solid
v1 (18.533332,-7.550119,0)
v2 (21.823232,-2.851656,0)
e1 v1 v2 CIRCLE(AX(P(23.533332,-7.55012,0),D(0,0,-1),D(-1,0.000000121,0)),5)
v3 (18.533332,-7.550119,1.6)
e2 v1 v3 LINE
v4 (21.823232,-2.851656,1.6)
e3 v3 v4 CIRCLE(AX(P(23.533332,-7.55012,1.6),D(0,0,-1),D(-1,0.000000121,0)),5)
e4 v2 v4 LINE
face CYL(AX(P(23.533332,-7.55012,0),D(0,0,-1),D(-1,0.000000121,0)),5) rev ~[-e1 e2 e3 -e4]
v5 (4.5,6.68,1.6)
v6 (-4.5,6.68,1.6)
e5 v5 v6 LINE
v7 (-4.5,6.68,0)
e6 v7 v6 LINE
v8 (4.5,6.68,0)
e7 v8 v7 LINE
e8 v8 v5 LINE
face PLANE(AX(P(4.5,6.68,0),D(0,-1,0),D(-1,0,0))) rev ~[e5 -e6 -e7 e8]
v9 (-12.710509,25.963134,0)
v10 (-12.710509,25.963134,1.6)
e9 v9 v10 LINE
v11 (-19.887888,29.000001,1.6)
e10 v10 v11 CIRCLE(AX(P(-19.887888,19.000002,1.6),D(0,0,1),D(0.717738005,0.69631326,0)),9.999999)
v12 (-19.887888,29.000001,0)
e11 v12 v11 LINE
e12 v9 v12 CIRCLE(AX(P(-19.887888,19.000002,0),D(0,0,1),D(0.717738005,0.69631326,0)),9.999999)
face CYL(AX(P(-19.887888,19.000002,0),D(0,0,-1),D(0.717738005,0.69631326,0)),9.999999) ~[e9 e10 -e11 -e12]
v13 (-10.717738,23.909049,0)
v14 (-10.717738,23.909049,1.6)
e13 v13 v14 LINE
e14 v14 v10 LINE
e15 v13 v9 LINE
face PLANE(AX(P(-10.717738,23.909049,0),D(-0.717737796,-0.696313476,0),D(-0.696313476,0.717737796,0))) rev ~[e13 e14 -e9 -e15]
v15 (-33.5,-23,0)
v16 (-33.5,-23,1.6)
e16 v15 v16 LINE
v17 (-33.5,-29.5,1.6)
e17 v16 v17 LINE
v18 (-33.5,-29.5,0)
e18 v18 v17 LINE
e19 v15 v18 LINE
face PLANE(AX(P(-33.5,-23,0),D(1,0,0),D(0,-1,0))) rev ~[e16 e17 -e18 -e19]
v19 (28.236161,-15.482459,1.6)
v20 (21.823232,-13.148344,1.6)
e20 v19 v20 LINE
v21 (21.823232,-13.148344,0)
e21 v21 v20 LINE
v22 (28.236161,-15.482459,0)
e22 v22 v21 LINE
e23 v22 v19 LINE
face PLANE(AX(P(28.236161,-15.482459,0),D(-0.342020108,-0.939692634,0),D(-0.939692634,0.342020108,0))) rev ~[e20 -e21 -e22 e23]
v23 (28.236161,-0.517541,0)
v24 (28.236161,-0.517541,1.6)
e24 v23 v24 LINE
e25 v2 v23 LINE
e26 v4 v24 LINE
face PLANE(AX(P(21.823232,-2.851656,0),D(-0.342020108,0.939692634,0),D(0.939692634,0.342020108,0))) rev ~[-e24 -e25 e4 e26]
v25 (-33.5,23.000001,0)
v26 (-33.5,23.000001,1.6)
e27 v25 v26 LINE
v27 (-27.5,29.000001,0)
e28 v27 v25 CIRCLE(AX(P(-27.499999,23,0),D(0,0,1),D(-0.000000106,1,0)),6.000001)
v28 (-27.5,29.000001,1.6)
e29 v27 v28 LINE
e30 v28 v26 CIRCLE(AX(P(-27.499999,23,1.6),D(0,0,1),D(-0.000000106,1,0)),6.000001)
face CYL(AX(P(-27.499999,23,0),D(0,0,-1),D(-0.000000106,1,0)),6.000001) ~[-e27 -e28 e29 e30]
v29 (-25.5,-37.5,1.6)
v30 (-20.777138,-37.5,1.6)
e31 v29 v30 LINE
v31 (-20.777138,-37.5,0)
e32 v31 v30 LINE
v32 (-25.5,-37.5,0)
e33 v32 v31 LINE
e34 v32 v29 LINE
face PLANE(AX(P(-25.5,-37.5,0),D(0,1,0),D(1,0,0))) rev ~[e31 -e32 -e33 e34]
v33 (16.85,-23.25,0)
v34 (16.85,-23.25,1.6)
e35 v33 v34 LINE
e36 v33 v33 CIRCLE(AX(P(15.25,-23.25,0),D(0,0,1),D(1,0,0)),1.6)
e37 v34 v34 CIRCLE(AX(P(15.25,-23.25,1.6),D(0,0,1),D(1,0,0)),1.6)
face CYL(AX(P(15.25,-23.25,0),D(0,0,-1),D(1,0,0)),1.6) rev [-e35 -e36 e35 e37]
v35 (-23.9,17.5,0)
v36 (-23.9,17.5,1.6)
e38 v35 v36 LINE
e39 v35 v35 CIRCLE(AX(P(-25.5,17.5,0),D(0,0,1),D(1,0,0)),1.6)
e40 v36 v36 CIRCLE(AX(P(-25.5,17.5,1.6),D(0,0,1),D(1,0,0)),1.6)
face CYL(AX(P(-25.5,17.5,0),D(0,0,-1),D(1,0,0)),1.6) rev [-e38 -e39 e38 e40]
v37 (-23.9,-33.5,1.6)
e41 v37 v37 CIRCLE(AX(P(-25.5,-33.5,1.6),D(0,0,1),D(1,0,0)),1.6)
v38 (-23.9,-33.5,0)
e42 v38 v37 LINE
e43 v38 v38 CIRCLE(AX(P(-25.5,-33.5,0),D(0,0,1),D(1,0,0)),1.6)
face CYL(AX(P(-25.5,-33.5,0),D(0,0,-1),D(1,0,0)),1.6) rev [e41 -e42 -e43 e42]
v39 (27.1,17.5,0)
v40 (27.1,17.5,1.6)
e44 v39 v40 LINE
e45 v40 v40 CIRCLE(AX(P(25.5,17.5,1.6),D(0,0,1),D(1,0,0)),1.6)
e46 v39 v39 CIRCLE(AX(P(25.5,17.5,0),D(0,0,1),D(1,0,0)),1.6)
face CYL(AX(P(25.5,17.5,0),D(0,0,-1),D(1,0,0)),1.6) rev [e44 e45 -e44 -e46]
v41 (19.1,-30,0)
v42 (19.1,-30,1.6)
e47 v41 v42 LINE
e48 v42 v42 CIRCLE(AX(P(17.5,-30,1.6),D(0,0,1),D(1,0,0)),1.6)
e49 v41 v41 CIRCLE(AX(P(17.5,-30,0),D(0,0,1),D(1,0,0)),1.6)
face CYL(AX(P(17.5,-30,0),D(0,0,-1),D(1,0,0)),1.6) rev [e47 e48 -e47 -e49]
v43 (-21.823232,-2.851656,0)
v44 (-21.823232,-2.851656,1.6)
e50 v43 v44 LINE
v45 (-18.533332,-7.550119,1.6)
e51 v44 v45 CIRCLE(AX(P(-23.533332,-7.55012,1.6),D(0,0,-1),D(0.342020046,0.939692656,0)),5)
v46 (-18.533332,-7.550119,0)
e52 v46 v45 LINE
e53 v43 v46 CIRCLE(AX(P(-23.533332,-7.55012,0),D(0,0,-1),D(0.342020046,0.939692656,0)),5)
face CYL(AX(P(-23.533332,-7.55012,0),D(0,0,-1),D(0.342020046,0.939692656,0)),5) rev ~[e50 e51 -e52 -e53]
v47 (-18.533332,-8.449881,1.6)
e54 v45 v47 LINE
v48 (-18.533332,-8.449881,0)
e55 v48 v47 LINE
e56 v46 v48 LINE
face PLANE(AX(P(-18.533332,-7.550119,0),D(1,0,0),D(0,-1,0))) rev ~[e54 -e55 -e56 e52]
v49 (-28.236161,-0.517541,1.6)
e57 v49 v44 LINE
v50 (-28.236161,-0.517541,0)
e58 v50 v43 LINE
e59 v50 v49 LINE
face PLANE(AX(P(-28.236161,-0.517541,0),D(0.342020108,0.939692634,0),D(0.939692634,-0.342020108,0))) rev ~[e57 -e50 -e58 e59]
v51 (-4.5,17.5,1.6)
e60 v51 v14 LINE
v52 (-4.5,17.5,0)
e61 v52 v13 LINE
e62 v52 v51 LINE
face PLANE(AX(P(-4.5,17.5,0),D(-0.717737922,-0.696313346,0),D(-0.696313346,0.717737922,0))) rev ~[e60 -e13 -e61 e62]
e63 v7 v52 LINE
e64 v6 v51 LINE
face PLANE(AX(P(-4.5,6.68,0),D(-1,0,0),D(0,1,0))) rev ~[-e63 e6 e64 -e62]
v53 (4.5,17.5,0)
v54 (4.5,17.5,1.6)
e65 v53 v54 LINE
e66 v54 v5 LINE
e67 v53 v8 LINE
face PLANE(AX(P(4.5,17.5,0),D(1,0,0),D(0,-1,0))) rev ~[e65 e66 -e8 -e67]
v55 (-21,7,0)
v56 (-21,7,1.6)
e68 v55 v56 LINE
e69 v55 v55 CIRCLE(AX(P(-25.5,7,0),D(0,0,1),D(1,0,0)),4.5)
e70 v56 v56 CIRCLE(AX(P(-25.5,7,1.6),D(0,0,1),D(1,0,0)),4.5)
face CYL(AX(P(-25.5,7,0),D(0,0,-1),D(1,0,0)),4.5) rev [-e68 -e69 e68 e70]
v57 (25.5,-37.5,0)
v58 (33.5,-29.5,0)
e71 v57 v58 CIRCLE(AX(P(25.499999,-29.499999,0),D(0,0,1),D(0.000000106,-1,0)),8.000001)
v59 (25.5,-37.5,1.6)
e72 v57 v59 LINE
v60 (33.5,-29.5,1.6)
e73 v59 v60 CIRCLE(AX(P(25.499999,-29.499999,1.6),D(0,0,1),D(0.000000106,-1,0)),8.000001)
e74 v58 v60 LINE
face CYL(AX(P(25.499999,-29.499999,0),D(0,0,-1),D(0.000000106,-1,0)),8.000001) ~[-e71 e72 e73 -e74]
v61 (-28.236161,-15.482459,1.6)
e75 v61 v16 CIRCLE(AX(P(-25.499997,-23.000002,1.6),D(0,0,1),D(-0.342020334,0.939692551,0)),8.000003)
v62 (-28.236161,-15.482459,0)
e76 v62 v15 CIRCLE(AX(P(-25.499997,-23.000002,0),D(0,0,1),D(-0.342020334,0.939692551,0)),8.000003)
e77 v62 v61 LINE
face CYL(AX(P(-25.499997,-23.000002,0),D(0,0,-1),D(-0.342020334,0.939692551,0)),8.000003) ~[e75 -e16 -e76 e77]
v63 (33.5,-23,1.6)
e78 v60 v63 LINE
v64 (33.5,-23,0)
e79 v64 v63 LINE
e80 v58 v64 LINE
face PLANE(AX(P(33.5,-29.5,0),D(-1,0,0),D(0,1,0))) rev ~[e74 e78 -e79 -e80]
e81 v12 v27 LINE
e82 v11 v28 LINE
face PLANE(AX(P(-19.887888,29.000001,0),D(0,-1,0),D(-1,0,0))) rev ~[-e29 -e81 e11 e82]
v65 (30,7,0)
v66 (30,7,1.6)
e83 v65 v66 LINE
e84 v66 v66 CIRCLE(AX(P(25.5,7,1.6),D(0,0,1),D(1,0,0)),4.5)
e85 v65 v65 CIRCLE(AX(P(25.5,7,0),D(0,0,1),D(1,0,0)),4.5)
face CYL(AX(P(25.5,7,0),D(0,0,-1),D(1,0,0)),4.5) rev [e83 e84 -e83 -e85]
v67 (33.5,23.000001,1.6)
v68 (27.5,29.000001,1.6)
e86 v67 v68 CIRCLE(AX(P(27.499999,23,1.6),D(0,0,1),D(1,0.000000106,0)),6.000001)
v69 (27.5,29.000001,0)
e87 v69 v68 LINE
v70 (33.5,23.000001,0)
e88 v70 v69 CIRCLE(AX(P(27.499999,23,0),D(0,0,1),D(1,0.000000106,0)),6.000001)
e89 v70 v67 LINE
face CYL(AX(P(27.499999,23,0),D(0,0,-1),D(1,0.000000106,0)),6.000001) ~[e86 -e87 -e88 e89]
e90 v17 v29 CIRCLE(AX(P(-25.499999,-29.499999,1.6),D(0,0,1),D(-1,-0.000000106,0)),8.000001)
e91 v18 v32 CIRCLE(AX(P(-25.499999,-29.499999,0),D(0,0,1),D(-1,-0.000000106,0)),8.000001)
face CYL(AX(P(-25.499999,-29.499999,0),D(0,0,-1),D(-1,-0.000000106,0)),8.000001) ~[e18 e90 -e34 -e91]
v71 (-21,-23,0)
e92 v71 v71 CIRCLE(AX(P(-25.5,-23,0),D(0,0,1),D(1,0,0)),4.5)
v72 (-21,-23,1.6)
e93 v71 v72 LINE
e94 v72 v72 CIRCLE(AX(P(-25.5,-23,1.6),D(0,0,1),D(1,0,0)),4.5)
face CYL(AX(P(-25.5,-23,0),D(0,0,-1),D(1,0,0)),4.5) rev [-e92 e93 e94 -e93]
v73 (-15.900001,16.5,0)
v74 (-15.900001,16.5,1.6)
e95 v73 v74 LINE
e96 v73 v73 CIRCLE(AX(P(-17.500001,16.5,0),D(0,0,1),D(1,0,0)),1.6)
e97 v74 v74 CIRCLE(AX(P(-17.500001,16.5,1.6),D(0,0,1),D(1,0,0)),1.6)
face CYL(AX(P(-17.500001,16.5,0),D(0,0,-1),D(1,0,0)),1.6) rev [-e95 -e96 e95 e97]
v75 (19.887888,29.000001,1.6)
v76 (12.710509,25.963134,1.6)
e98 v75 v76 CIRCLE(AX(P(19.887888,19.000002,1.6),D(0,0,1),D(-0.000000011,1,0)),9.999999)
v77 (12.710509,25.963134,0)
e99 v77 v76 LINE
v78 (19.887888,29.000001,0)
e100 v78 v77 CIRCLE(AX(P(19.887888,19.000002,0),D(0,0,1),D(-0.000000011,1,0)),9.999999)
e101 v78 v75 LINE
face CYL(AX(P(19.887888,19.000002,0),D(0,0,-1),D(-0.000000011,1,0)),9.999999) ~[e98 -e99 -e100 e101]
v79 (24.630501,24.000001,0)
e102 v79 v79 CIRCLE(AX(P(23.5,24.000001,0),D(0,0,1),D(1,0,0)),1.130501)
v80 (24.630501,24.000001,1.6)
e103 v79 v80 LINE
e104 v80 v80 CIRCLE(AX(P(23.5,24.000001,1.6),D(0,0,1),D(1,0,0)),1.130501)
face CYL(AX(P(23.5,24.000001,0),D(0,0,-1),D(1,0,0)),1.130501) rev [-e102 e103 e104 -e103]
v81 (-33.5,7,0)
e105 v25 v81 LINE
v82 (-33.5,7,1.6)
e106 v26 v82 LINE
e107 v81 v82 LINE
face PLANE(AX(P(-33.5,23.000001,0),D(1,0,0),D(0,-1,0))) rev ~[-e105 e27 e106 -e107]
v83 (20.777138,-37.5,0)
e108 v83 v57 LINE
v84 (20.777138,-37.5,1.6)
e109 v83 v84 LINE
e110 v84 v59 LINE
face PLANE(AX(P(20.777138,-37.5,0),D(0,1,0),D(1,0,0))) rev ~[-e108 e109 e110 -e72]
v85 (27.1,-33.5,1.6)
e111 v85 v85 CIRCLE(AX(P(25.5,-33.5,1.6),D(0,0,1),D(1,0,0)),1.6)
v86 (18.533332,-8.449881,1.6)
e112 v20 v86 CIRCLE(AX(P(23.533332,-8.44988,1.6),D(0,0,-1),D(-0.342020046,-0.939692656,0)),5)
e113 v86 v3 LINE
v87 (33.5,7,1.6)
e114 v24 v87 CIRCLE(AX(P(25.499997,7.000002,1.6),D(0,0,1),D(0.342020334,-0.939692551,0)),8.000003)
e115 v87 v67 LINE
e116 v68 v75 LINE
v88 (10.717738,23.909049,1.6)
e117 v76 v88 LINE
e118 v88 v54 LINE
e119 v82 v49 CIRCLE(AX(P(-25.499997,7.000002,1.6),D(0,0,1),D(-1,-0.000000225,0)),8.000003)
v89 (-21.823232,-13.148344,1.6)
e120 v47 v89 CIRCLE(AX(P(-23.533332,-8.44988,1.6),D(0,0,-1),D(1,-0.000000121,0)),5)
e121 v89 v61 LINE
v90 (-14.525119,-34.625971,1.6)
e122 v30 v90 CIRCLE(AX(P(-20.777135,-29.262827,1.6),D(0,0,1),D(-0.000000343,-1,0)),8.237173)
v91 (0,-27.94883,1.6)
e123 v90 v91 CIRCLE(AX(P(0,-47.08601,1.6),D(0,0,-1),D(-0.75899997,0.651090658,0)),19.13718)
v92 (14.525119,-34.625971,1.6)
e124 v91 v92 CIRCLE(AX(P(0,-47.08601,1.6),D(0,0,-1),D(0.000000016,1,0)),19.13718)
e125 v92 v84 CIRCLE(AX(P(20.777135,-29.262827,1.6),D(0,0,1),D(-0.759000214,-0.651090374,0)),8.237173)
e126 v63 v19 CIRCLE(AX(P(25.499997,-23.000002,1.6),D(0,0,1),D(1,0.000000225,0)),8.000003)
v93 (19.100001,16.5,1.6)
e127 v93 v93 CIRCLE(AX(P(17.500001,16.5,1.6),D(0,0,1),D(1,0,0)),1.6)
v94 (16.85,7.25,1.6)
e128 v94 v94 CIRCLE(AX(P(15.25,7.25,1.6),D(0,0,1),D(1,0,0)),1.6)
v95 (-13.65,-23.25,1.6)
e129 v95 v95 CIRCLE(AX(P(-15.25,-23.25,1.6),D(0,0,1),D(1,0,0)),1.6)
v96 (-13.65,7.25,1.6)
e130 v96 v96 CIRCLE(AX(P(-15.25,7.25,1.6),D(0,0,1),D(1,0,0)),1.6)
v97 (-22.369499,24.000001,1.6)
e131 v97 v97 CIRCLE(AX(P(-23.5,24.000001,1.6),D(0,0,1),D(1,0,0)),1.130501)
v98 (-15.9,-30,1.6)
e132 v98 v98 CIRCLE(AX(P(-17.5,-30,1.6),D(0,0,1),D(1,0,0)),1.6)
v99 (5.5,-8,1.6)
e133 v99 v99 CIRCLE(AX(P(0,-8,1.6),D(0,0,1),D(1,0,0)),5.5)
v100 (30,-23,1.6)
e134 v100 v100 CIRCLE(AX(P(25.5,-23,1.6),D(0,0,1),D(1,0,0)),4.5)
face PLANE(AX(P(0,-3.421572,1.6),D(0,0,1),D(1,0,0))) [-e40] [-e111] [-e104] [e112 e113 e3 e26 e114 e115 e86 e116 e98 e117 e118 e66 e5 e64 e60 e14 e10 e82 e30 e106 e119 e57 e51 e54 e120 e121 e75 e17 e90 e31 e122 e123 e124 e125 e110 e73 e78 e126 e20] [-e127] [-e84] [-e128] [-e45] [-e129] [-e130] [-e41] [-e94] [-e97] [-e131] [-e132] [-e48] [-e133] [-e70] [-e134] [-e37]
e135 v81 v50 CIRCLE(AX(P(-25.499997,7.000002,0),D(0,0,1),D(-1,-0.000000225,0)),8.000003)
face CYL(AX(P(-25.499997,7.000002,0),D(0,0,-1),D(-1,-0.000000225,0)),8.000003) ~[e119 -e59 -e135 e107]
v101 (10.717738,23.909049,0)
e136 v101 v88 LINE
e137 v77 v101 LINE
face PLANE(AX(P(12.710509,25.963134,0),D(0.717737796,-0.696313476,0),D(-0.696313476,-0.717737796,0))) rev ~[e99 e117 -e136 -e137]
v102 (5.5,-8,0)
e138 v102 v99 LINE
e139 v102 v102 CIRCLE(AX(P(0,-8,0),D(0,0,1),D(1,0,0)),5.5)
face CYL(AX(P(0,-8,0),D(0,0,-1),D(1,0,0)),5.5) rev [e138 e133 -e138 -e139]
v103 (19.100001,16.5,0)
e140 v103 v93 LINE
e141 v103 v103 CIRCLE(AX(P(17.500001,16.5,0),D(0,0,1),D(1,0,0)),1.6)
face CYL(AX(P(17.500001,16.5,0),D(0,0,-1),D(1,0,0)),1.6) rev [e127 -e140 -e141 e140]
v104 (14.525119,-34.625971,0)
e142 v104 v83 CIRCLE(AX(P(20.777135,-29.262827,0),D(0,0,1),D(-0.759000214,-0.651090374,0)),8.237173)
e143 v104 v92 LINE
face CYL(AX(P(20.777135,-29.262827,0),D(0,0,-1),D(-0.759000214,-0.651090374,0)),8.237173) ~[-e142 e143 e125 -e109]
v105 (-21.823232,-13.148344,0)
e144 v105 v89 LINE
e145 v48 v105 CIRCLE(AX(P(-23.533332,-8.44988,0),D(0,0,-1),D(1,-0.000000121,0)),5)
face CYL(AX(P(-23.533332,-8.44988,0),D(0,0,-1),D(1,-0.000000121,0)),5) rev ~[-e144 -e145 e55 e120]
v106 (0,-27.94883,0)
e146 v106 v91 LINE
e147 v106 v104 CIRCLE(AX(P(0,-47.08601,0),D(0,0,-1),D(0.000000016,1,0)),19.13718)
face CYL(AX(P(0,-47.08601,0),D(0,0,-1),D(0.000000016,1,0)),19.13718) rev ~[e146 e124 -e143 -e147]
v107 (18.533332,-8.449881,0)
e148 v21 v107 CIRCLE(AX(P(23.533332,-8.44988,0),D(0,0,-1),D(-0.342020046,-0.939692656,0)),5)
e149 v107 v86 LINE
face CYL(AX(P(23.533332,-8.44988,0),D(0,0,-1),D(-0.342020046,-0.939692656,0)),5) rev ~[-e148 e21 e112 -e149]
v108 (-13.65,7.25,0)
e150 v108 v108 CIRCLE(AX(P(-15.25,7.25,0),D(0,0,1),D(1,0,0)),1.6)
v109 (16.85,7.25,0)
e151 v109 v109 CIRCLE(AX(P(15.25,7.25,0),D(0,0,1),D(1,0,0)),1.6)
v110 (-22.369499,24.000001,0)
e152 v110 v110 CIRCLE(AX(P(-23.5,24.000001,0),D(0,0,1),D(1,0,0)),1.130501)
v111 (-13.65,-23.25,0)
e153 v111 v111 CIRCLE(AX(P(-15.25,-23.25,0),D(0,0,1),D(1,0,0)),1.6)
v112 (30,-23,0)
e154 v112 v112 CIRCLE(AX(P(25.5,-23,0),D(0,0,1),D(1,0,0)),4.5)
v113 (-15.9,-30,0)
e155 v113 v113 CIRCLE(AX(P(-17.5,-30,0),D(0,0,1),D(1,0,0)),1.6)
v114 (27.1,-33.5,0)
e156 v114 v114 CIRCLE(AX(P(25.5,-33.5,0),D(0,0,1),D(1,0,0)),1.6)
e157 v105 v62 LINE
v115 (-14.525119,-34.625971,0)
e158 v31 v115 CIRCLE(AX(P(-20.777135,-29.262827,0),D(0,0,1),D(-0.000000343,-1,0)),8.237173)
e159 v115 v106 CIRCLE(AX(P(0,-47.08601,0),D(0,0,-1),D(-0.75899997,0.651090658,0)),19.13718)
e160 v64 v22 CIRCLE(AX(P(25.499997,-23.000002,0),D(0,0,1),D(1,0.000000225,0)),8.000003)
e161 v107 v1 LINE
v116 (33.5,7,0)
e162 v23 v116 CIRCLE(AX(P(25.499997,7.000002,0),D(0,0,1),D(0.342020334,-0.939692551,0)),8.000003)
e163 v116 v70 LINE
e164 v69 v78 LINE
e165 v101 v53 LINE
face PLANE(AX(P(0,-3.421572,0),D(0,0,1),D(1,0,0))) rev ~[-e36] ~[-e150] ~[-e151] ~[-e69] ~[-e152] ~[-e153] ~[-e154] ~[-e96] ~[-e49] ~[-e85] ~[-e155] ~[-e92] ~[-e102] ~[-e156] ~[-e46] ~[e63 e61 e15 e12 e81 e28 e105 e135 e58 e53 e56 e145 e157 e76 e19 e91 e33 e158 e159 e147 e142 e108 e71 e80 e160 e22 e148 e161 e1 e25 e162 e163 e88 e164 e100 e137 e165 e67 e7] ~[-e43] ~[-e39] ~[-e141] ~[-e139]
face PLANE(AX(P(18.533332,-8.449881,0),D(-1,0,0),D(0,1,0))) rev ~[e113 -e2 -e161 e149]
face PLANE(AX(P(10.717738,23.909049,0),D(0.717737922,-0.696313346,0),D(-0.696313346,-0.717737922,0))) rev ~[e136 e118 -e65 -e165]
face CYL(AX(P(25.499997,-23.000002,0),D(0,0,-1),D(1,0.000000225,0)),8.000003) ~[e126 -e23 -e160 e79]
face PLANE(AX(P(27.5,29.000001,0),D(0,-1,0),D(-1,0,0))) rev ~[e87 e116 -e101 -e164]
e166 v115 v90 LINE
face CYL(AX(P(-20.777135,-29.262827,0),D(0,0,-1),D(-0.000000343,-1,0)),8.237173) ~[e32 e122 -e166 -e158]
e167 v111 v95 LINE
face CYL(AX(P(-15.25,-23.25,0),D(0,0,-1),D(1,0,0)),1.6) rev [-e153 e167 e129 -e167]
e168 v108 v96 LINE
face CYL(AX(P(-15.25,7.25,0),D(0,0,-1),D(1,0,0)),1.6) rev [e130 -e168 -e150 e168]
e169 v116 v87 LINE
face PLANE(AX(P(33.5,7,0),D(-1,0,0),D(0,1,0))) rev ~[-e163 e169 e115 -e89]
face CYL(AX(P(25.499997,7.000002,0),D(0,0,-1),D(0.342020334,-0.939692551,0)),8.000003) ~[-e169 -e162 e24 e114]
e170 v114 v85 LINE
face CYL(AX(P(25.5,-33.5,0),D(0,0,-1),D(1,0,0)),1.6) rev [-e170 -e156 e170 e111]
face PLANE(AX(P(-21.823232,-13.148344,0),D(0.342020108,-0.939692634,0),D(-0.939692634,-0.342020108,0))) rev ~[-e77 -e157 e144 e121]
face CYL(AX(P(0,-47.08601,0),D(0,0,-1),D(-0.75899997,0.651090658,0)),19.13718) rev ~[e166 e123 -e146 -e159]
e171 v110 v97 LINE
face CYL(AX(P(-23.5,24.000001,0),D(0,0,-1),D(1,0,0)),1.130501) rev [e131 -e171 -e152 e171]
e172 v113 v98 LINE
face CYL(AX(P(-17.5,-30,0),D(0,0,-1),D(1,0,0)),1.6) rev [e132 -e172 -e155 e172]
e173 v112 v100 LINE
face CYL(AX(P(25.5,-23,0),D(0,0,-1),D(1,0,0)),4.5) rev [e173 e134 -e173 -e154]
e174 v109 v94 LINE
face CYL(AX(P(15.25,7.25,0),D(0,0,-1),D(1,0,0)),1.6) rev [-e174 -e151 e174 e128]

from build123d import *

# Parameters (mm, degrees)
F0_R     = 1.6
F0_R_2   = 4.5
F0_R_3   = 5.5
F0_R_4   = 1.130501
F1_DEPTH = 1.6


with BuildPart() as f1:
    # F0 (on Top) → F1 (new body)
    with BuildSketch(Plane.XY):
        with BuildLine():
            Line((0, 6.68), (-4.5, 6.68))
            Line((-4.5, 6.68), (-4.5, 17.5))
            Line((-4.5, 17.5), (-10.717738, 23.909049))
            Line((-10.717738, 23.909049), (-12.710509, 25.963134))
            ThreePointArc((-12.710509, 25.963134), (-15.99118, 28.209543), (-19.887888, 29.000001))
            Line((-19.887888, 29.000001), (-27.5, 29.000001))
            ThreePointArc((-27.5, 29.000001), (-31.742641, 27.242641), (-33.5, 23.000001))
            Line((-33.5, 23.000001), (-33.5, 7))
            ThreePointArc((-33.5, 7), (-32.053216, 2.411389), (-28.236161, -0.517541))
            Line((-28.236161, -0.517541), (-21.823232, -2.851656))
            ThreePointArc((-21.823232, -2.851656), (-19.437572, -4.682237), (-18.533332, -7.550119))
            Line((-18.533332, -7.550119), (-18.533332, -8))
            Line((-18.533332, -8), (-18.533332, -8.449881))
            ThreePointArc((-18.533332, -8.449881), (-19.437572, -11.317763), (-21.823232, -13.148344))
            Line((-21.823232, -13.148344), (-28.236161, -15.482459))
            ThreePointArc((-28.236161, -15.482459), (-32.053216, -18.411389), (-33.5, -23))
            Line((-33.5, -23), (-33.5, -29.5))
            ThreePointArc((-33.5, -29.5), (-31.156854, -35.156854), (-25.5, -37.5))
            Line((-25.5, -37.5), (-20.777138, -37.5))
            ThreePointArc((-20.777138, -37.5), (-17.336651, -36.747083), (-14.525119, -34.625971))
            ThreePointArc((-14.525119, -34.625971), (-7.993173, -29.698059), (0, -27.94883))
            ThreePointArc((0, -27.94883), (7.993173, -29.698059), (14.525119, -34.625971))
            ThreePointArc((14.525119, -34.625971), (17.336651, -36.747083), (20.777138, -37.5))
            Line((20.777138, -37.5), (25.5, -37.5))
            ThreePointArc((25.5, -37.5), (31.156854, -35.156854), (33.5, -29.5))
            Line((33.5, -29.5), (33.5, -23))
            ThreePointArc((33.5, -23), (32.053216, -18.411389), (28.236161, -15.482459))
            Line((28.236161, -15.482459), (21.823232, -13.148344))
            ThreePointArc((21.823232, -13.148344), (19.437572, -11.317763), (18.533332, -8.449881))
            Line((18.533332, -8.449881), (18.533332, -8))
            Line((18.533332, -8), (18.533332, -7.550119))
            ThreePointArc((18.533332, -7.550119), (19.437572, -4.682237), (21.823232, -2.851656))
            Line((21.823232, -2.851656), (28.236161, -0.517541))
            ThreePointArc((28.236161, -0.517541), (32.053216, 2.411389), (33.5, 7))
            Line((33.5, 7), (33.5, 23.000001))
            ThreePointArc((33.5, 23.000001), (31.742641, 27.242641), (27.5, 29.000001))
            Line((27.5, 29.000001), (19.887888, 29.000001))
            ThreePointArc((19.887888, 29.000001), (15.99118, 28.209543), (12.710509, 25.963134))
            Line((12.710509, 25.963134), (10.717738, 23.909049))
            Line((10.717738, 23.909049), (4.5, 17.5))
            Line((4.5, 17.5), (4.5, 6.68))
            Line((4.5, 6.68), (0, 6.68))
        make_face()
        with Locations((-25.5, -33.5)):
            Circle(F0_R, mode=Mode.SUBTRACT)
        with Locations((-17.5, -30)):
            Circle(F0_R, mode=Mode.SUBTRACT)
        with Locations((-25.5, -23)):
            Circle(F0_R_2, mode=Mode.SUBTRACT)
        with Locations((-15.25, -23.25)):
            Circle(F0_R, mode=Mode.SUBTRACT)
        with Locations((15.25, -23.25)):
            Circle(F0_R, mode=Mode.SUBTRACT)
        with Locations((17.5, -30)):
            Circle(F0_R, mode=Mode.SUBTRACT)
        with Locations((25.5, -33.5)):
            Circle(F0_R, mode=Mode.SUBTRACT)
        with Locations((25.5, -23)):
            Circle(F0_R_2, mode=Mode.SUBTRACT)
        with Locations((0, -8)):
            Circle(F0_R_3, mode=Mode.SUBTRACT)
        with Locations((-25.5, 7)):
            Circle(F0_R_2, mode=Mode.SUBTRACT)
        with Locations((-15.25, 7.25)):
            Circle(F0_R, mode=Mode.SUBTRACT)
        with Locations((-25.5, 17.5)):
            Circle(F0_R, mode=Mode.SUBTRACT)
        with Locations((-17.500001, 16.5)):
            Circle(F0_R, mode=Mode.SUBTRACT)
        with Locations((-23.5, 24.000001)):
            Circle(F0_R_4, mode=Mode.SUBTRACT)
        with Locations((15.25, 7.25)):
            Circle(F0_R, mode=Mode.SUBTRACT)
        with Locations((25.5, 7)):
            Circle(F0_R_2, mode=Mode.SUBTRACT)
        with Locations((17.500001, 16.5)):
            Circle(F0_R, mode=Mode.SUBTRACT)
        with Locations((25.5, 17.5)):
            Circle(F0_R, mode=Mode.SUBTRACT)
        with Locations((23.5, 24.000001)):
            Circle(F0_R_4, mode=Mode.SUBTRACT)
    extrude(amount=F1_DEPTH)


solid = f1.part
